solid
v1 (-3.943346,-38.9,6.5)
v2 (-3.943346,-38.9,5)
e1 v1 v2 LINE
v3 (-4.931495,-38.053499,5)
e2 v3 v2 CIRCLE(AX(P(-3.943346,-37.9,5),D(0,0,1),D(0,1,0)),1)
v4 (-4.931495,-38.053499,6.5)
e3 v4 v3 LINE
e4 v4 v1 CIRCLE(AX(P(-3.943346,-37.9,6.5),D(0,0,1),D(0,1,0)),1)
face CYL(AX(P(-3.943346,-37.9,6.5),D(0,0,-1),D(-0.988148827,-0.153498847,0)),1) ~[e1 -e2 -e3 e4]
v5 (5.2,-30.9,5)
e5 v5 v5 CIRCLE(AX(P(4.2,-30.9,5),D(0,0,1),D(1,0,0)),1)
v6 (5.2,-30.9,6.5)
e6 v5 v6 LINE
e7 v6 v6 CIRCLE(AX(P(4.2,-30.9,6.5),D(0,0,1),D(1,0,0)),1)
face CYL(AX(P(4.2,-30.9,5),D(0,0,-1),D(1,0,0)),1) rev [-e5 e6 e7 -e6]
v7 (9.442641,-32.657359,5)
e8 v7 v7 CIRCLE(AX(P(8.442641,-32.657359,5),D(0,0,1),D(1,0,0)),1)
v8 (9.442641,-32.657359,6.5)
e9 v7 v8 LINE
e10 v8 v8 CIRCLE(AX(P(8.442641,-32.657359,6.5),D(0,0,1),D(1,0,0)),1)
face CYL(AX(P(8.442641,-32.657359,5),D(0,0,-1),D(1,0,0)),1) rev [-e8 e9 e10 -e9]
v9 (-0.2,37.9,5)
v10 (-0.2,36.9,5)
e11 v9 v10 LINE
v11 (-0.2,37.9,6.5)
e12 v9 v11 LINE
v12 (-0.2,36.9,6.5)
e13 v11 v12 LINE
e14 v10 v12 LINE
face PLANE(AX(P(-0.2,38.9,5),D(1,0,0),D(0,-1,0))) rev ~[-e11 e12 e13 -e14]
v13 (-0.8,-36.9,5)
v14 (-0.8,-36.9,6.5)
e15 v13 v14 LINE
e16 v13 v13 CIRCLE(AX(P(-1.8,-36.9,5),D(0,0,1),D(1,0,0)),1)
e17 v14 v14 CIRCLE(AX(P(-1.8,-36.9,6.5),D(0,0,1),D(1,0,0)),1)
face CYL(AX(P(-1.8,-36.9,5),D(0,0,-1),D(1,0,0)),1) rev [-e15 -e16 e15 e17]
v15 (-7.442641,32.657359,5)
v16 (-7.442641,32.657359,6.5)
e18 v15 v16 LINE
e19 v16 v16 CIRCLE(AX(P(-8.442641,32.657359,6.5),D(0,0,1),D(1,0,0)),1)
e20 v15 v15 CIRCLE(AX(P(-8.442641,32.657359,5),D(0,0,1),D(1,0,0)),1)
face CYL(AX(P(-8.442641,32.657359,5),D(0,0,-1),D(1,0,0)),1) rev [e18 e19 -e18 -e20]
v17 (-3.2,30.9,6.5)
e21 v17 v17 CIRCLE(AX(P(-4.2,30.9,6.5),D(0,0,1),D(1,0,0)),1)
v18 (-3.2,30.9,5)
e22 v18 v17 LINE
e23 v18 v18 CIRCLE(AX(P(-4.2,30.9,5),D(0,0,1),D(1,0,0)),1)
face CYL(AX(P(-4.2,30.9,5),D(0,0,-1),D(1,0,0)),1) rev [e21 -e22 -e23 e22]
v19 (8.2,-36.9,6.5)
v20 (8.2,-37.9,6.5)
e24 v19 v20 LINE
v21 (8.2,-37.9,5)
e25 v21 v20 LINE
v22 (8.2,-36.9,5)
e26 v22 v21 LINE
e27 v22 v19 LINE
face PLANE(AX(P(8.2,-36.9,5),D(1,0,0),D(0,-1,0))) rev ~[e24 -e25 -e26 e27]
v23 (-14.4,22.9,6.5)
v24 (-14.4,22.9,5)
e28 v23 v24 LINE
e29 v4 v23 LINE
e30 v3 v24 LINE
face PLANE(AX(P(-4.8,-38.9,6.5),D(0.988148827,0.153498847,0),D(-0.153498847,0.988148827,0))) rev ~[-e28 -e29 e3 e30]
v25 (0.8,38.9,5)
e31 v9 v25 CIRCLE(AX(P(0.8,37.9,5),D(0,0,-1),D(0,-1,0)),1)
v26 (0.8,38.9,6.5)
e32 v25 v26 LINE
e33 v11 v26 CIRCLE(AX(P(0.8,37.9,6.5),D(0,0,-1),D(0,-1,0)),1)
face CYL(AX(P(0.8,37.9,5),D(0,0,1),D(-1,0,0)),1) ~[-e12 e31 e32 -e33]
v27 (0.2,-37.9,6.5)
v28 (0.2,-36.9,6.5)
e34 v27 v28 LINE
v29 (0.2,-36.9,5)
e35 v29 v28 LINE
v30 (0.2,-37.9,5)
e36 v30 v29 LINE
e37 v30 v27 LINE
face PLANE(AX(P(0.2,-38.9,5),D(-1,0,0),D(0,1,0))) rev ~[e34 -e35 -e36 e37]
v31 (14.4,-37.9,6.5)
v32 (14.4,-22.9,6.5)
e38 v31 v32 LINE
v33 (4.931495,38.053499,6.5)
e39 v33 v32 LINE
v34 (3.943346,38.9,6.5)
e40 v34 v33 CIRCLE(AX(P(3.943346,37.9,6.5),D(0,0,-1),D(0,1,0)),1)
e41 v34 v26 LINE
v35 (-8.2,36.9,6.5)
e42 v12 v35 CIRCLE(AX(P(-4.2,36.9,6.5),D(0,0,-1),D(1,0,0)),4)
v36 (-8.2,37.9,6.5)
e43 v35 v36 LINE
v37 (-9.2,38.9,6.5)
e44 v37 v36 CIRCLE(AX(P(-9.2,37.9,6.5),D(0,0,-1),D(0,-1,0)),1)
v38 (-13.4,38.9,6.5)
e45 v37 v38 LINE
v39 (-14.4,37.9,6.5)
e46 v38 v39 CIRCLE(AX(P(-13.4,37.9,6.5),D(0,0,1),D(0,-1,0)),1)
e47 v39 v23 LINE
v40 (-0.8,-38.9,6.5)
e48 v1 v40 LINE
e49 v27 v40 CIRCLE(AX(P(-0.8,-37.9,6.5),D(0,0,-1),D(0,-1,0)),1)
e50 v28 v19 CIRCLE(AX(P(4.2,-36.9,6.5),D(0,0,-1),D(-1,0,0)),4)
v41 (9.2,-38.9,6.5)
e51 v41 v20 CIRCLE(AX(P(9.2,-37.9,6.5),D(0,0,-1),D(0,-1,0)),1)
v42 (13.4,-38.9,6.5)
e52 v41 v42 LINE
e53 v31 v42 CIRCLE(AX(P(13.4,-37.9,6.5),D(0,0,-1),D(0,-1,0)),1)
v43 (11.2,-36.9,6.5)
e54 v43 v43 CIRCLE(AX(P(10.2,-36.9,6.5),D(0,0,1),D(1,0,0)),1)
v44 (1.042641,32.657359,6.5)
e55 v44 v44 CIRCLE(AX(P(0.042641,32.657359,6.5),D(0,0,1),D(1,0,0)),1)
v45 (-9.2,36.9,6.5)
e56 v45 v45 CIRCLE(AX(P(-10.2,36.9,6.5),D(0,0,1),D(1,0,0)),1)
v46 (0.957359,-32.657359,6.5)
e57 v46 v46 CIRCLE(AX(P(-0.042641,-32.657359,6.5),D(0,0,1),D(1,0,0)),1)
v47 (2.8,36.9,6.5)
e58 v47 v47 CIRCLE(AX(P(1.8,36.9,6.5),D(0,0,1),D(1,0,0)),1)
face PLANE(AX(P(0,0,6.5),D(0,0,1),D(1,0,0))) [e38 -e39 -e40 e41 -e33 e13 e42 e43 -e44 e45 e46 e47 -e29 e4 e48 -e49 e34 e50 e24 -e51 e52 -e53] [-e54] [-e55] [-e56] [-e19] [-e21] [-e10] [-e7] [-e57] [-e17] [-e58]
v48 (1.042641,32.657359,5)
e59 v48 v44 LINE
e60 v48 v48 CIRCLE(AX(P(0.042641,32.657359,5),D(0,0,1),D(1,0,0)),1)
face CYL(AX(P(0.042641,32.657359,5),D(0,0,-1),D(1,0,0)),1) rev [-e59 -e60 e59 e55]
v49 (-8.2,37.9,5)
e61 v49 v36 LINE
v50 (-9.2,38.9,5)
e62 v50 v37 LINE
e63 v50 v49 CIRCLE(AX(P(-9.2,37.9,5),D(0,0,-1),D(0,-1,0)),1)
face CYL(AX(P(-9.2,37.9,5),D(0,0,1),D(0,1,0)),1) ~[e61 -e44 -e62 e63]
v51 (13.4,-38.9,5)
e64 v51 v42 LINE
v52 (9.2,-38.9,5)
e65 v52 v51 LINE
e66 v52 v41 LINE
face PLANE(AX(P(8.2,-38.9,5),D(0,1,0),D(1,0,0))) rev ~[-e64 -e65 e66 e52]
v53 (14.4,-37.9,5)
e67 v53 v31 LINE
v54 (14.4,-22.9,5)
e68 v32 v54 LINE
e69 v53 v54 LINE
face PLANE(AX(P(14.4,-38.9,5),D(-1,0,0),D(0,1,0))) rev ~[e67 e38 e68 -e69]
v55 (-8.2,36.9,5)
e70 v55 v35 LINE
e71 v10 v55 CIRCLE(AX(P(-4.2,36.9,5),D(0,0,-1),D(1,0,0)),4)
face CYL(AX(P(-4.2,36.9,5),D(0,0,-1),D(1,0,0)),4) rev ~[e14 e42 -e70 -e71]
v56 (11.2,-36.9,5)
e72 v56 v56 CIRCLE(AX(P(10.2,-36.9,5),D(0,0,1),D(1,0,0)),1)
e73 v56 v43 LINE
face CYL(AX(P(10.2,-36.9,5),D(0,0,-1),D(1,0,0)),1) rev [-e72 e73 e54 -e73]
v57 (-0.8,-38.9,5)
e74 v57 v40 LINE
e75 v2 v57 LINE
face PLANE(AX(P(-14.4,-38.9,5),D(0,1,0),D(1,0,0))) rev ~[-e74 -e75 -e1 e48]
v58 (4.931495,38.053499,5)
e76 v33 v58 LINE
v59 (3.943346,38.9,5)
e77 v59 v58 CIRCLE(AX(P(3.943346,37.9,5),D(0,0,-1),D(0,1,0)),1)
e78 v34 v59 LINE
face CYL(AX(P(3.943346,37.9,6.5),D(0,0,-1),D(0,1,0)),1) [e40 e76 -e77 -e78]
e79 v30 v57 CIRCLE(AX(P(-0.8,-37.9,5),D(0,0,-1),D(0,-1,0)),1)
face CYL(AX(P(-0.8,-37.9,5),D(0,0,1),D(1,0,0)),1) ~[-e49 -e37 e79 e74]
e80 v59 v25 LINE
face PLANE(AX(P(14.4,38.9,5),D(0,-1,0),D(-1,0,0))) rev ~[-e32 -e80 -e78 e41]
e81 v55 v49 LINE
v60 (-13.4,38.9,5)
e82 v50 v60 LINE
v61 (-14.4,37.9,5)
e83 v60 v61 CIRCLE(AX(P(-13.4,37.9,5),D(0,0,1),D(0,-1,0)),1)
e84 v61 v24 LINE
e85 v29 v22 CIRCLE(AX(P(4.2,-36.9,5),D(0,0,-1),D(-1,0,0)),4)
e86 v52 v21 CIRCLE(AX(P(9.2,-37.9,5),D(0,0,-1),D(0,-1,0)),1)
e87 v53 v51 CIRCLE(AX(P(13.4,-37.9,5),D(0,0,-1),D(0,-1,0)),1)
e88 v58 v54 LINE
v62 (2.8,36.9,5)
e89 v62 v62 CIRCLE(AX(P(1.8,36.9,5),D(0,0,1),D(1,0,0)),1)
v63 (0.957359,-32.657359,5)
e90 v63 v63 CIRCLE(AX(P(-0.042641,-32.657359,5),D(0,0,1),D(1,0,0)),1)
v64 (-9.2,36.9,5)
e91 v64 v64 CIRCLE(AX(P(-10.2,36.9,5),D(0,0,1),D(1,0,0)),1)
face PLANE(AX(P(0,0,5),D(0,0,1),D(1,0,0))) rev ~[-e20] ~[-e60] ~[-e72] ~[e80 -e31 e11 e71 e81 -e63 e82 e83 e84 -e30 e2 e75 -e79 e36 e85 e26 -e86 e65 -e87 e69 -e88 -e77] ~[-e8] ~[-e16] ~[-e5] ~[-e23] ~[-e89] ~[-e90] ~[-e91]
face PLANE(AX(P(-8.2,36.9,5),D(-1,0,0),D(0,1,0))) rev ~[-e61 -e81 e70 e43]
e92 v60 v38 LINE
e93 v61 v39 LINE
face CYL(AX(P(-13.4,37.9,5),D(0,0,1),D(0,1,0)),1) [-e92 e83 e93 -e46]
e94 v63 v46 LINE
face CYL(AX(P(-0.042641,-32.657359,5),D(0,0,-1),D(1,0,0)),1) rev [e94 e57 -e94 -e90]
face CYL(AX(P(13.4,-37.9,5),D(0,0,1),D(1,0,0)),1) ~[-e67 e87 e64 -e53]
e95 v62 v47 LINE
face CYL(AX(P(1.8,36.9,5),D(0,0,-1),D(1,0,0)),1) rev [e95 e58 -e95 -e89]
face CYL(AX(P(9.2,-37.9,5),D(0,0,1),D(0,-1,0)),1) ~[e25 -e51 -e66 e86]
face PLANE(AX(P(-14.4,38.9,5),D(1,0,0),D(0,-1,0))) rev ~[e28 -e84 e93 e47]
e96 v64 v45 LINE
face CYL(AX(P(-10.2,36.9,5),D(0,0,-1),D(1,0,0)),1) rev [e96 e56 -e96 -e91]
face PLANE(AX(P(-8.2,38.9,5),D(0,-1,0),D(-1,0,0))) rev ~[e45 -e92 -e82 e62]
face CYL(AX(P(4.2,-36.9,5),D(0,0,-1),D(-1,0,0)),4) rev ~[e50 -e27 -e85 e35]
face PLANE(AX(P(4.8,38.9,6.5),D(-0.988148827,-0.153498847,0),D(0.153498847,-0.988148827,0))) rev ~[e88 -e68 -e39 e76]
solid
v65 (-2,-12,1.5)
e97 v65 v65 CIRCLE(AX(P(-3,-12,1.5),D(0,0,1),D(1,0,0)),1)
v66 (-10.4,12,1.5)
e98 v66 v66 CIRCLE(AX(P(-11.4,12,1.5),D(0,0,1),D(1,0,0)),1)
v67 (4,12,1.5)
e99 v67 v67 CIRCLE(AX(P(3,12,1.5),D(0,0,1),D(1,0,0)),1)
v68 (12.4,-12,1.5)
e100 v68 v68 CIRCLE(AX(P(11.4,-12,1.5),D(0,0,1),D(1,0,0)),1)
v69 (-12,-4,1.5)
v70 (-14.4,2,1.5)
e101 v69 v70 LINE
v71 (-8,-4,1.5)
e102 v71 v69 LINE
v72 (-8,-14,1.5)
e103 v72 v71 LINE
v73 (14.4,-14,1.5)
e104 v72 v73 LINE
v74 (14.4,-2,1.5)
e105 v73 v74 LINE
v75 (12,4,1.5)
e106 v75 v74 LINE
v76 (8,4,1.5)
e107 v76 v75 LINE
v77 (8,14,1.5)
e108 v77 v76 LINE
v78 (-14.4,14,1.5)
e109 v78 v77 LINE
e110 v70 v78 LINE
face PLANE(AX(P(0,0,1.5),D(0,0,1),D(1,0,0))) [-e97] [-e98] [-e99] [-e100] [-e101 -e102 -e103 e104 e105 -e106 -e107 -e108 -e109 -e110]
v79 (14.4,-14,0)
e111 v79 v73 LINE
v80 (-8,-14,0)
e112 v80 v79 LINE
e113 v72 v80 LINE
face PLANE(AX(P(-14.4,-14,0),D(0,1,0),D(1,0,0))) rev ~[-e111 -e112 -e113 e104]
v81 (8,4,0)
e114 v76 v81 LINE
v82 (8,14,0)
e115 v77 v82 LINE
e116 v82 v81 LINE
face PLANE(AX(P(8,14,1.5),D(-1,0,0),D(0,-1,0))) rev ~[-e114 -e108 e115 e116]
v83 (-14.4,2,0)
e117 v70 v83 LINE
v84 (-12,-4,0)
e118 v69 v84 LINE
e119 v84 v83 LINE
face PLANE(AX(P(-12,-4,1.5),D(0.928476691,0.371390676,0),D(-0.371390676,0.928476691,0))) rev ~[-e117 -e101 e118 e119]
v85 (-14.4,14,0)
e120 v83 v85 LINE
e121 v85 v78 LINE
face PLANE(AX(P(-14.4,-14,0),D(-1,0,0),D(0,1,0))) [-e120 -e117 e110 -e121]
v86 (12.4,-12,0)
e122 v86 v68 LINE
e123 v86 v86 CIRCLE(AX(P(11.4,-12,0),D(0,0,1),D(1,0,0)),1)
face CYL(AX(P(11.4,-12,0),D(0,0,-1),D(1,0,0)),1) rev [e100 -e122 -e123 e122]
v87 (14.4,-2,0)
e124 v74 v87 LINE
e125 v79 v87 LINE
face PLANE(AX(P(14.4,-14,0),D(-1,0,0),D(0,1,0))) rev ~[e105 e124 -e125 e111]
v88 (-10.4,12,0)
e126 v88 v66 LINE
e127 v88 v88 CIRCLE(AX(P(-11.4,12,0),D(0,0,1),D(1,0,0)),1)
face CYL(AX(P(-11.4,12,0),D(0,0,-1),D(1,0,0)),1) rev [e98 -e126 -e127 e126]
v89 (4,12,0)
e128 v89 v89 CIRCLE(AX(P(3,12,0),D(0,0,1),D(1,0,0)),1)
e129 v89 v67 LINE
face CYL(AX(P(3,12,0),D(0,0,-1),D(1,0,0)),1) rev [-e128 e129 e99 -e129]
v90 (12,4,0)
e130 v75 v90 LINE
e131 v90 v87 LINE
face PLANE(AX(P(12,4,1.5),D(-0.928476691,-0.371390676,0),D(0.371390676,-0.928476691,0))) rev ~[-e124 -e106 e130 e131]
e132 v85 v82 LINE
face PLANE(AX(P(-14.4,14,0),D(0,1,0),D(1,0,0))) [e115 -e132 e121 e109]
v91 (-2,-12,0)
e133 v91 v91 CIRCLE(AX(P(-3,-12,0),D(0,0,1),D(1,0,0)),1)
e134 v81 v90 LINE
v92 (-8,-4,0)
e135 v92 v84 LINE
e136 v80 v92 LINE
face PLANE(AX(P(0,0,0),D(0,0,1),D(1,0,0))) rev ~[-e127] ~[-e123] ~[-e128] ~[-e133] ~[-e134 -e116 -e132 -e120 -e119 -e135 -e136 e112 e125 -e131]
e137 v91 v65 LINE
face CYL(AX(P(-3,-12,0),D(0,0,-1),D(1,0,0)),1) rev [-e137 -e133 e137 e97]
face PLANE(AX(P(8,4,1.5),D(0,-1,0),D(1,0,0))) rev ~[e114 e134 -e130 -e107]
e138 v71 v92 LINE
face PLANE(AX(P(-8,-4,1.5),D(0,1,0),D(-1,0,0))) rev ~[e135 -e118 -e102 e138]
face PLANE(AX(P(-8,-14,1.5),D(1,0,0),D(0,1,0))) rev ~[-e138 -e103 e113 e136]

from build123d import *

# Parameters (mm, degrees)
F0_W     = 28.8
F0_H     = 28
F0_R     = 1
F1_DEPTH = 1.5
F3_DEPTH = 1.5
F5_R     = 1
F6_DEPTH = 1.5
F8_DEPTH = 1.5
F9_R     = 1


with BuildPart() as f1:
    # F0 (on Top) → F1 (new body)
    with BuildSketch(Plane.XY):
        Rectangle(F0_W, F0_H)
        with Locations((-3, -12)):
            Circle(F0_R, mode=Mode.SUBTRACT)
        with Locations((11.4, -12)):
            Circle(F0_R, mode=Mode.SUBTRACT)
        with Locations((-11.4, 12)):
            Circle(F0_R, mode=Mode.SUBTRACT)
        with Locations((3, 12)):
            Circle(F0_R, mode=Mode.SUBTRACT)
    extrude(amount=F1_DEPTH)

    # F2 (on face) → F3 (cut, through all)
    with BuildSketch(Plane.XY.offset(1.5)):
        Polygon((-12, -4), (-14.4, 2), (-14.4, -14), (-8, -14), (-8, -4), align=None)
        Polygon((14.4, -2), (14.4, 14), (8, 14), (8, 4), (12, 4), align=None)
    extrude(amount=-F3_DEPTH, mode=Mode.SUBTRACT)


with BuildPart() as f6:
    # F5 (on offset) → F6 (new body)
    with BuildSketch(Plane.XY.offset(5)):
        with BuildLine():
            Line((-8.2, 38.9), (-14.4, 38.9))
            Line((-14.4, 38.9), (-14.4, -38.9))
            Line((-14.4, -38.9), (0.2, -38.9))
            Line((0.2, -38.9), (0.2, -36.9))
            ThreePointArc((0.2, -36.9), (4.2, -32.9), (8.2, -36.9))
            Line((8.2, -36.9), (8.2, -38.9))
            Line((8.2, -38.9), (14.4, -38.9))
            Line((14.4, -38.9), (14.4, 38.9))
            Line((14.4, 38.9), (-0.2, 38.9))
            Line((-0.2, 38.9), (-0.2, 36.9))
            ThreePointArc((-0.2, 36.9), (-4.2, 32.9), (-8.2, 36.9))
            Line((-8.2, 36.9), (-8.2, 38.9))
        make_face()
        with Locations((-1.8, -36.9)):
            Circle(F5_R, mode=Mode.SUBTRACT)
        with Locations((-0.0426406871, -32.6573593129)):
            Circle(F5_R, mode=Mode.SUBTRACT)
        with Locations((4.2, -30.9)):
            Circle(F5_R, mode=Mode.SUBTRACT)
        with Locations((10.2, -36.9)):
            Circle(F5_R, mode=Mode.SUBTRACT)
        with Locations((8.4426406871, -32.6573593129)):
            Circle(F5_R, mode=Mode.SUBTRACT)
        with Locations((-8.4426406871, 32.6573593129)):
            Circle(F5_R, mode=Mode.SUBTRACT)
        with Locations((-10.2, 36.9)):
            Circle(F5_R, mode=Mode.SUBTRACT)
        with Locations((-4.2, 30.9)):
            Circle(F5_R, mode=Mode.SUBTRACT)
        with Locations((0.0426406871, 32.6573593129)):
            Circle(F5_R, mode=Mode.SUBTRACT)
        with Locations((1.8, 36.9)):
            Circle(F5_R, mode=Mode.SUBTRACT)
    extrude(amount=F6_DEPTH)

    # F7 (on face) → F8 (cut, through all)
    with BuildSketch(Plane.XY.offset(6.5)):
        Polygon((-4.8, -38.9), (-14.4, 22.9), (-14.4, -38.9), align=None)
        Polygon((4.8, 38.9), (14.4, -22.9), (14.4, 38.9), align=None)
    extrude(amount=-F8_DEPTH, mode=Mode.SUBTRACT)

    # F9
    f9_edges = [f6.edges().sort_by_distance(p)[0] for p in [
        (-4.8, -38.9, 5.75),
        (0.2, -38.9, 5.75),
        (8.2, -38.9, 5.75),
        (14.4, -38.9, 5.75),
        (4.8, 38.9, 5.75),
        (-0.2, 38.9, 5.75),
        (-8.2, 38.9, 5.75),
        (-14.4, 38.9, 5.75),
    ]]
    fillet(f9_edges, radius=F9_R)


solid = Compound([f1.part, f6.part])
